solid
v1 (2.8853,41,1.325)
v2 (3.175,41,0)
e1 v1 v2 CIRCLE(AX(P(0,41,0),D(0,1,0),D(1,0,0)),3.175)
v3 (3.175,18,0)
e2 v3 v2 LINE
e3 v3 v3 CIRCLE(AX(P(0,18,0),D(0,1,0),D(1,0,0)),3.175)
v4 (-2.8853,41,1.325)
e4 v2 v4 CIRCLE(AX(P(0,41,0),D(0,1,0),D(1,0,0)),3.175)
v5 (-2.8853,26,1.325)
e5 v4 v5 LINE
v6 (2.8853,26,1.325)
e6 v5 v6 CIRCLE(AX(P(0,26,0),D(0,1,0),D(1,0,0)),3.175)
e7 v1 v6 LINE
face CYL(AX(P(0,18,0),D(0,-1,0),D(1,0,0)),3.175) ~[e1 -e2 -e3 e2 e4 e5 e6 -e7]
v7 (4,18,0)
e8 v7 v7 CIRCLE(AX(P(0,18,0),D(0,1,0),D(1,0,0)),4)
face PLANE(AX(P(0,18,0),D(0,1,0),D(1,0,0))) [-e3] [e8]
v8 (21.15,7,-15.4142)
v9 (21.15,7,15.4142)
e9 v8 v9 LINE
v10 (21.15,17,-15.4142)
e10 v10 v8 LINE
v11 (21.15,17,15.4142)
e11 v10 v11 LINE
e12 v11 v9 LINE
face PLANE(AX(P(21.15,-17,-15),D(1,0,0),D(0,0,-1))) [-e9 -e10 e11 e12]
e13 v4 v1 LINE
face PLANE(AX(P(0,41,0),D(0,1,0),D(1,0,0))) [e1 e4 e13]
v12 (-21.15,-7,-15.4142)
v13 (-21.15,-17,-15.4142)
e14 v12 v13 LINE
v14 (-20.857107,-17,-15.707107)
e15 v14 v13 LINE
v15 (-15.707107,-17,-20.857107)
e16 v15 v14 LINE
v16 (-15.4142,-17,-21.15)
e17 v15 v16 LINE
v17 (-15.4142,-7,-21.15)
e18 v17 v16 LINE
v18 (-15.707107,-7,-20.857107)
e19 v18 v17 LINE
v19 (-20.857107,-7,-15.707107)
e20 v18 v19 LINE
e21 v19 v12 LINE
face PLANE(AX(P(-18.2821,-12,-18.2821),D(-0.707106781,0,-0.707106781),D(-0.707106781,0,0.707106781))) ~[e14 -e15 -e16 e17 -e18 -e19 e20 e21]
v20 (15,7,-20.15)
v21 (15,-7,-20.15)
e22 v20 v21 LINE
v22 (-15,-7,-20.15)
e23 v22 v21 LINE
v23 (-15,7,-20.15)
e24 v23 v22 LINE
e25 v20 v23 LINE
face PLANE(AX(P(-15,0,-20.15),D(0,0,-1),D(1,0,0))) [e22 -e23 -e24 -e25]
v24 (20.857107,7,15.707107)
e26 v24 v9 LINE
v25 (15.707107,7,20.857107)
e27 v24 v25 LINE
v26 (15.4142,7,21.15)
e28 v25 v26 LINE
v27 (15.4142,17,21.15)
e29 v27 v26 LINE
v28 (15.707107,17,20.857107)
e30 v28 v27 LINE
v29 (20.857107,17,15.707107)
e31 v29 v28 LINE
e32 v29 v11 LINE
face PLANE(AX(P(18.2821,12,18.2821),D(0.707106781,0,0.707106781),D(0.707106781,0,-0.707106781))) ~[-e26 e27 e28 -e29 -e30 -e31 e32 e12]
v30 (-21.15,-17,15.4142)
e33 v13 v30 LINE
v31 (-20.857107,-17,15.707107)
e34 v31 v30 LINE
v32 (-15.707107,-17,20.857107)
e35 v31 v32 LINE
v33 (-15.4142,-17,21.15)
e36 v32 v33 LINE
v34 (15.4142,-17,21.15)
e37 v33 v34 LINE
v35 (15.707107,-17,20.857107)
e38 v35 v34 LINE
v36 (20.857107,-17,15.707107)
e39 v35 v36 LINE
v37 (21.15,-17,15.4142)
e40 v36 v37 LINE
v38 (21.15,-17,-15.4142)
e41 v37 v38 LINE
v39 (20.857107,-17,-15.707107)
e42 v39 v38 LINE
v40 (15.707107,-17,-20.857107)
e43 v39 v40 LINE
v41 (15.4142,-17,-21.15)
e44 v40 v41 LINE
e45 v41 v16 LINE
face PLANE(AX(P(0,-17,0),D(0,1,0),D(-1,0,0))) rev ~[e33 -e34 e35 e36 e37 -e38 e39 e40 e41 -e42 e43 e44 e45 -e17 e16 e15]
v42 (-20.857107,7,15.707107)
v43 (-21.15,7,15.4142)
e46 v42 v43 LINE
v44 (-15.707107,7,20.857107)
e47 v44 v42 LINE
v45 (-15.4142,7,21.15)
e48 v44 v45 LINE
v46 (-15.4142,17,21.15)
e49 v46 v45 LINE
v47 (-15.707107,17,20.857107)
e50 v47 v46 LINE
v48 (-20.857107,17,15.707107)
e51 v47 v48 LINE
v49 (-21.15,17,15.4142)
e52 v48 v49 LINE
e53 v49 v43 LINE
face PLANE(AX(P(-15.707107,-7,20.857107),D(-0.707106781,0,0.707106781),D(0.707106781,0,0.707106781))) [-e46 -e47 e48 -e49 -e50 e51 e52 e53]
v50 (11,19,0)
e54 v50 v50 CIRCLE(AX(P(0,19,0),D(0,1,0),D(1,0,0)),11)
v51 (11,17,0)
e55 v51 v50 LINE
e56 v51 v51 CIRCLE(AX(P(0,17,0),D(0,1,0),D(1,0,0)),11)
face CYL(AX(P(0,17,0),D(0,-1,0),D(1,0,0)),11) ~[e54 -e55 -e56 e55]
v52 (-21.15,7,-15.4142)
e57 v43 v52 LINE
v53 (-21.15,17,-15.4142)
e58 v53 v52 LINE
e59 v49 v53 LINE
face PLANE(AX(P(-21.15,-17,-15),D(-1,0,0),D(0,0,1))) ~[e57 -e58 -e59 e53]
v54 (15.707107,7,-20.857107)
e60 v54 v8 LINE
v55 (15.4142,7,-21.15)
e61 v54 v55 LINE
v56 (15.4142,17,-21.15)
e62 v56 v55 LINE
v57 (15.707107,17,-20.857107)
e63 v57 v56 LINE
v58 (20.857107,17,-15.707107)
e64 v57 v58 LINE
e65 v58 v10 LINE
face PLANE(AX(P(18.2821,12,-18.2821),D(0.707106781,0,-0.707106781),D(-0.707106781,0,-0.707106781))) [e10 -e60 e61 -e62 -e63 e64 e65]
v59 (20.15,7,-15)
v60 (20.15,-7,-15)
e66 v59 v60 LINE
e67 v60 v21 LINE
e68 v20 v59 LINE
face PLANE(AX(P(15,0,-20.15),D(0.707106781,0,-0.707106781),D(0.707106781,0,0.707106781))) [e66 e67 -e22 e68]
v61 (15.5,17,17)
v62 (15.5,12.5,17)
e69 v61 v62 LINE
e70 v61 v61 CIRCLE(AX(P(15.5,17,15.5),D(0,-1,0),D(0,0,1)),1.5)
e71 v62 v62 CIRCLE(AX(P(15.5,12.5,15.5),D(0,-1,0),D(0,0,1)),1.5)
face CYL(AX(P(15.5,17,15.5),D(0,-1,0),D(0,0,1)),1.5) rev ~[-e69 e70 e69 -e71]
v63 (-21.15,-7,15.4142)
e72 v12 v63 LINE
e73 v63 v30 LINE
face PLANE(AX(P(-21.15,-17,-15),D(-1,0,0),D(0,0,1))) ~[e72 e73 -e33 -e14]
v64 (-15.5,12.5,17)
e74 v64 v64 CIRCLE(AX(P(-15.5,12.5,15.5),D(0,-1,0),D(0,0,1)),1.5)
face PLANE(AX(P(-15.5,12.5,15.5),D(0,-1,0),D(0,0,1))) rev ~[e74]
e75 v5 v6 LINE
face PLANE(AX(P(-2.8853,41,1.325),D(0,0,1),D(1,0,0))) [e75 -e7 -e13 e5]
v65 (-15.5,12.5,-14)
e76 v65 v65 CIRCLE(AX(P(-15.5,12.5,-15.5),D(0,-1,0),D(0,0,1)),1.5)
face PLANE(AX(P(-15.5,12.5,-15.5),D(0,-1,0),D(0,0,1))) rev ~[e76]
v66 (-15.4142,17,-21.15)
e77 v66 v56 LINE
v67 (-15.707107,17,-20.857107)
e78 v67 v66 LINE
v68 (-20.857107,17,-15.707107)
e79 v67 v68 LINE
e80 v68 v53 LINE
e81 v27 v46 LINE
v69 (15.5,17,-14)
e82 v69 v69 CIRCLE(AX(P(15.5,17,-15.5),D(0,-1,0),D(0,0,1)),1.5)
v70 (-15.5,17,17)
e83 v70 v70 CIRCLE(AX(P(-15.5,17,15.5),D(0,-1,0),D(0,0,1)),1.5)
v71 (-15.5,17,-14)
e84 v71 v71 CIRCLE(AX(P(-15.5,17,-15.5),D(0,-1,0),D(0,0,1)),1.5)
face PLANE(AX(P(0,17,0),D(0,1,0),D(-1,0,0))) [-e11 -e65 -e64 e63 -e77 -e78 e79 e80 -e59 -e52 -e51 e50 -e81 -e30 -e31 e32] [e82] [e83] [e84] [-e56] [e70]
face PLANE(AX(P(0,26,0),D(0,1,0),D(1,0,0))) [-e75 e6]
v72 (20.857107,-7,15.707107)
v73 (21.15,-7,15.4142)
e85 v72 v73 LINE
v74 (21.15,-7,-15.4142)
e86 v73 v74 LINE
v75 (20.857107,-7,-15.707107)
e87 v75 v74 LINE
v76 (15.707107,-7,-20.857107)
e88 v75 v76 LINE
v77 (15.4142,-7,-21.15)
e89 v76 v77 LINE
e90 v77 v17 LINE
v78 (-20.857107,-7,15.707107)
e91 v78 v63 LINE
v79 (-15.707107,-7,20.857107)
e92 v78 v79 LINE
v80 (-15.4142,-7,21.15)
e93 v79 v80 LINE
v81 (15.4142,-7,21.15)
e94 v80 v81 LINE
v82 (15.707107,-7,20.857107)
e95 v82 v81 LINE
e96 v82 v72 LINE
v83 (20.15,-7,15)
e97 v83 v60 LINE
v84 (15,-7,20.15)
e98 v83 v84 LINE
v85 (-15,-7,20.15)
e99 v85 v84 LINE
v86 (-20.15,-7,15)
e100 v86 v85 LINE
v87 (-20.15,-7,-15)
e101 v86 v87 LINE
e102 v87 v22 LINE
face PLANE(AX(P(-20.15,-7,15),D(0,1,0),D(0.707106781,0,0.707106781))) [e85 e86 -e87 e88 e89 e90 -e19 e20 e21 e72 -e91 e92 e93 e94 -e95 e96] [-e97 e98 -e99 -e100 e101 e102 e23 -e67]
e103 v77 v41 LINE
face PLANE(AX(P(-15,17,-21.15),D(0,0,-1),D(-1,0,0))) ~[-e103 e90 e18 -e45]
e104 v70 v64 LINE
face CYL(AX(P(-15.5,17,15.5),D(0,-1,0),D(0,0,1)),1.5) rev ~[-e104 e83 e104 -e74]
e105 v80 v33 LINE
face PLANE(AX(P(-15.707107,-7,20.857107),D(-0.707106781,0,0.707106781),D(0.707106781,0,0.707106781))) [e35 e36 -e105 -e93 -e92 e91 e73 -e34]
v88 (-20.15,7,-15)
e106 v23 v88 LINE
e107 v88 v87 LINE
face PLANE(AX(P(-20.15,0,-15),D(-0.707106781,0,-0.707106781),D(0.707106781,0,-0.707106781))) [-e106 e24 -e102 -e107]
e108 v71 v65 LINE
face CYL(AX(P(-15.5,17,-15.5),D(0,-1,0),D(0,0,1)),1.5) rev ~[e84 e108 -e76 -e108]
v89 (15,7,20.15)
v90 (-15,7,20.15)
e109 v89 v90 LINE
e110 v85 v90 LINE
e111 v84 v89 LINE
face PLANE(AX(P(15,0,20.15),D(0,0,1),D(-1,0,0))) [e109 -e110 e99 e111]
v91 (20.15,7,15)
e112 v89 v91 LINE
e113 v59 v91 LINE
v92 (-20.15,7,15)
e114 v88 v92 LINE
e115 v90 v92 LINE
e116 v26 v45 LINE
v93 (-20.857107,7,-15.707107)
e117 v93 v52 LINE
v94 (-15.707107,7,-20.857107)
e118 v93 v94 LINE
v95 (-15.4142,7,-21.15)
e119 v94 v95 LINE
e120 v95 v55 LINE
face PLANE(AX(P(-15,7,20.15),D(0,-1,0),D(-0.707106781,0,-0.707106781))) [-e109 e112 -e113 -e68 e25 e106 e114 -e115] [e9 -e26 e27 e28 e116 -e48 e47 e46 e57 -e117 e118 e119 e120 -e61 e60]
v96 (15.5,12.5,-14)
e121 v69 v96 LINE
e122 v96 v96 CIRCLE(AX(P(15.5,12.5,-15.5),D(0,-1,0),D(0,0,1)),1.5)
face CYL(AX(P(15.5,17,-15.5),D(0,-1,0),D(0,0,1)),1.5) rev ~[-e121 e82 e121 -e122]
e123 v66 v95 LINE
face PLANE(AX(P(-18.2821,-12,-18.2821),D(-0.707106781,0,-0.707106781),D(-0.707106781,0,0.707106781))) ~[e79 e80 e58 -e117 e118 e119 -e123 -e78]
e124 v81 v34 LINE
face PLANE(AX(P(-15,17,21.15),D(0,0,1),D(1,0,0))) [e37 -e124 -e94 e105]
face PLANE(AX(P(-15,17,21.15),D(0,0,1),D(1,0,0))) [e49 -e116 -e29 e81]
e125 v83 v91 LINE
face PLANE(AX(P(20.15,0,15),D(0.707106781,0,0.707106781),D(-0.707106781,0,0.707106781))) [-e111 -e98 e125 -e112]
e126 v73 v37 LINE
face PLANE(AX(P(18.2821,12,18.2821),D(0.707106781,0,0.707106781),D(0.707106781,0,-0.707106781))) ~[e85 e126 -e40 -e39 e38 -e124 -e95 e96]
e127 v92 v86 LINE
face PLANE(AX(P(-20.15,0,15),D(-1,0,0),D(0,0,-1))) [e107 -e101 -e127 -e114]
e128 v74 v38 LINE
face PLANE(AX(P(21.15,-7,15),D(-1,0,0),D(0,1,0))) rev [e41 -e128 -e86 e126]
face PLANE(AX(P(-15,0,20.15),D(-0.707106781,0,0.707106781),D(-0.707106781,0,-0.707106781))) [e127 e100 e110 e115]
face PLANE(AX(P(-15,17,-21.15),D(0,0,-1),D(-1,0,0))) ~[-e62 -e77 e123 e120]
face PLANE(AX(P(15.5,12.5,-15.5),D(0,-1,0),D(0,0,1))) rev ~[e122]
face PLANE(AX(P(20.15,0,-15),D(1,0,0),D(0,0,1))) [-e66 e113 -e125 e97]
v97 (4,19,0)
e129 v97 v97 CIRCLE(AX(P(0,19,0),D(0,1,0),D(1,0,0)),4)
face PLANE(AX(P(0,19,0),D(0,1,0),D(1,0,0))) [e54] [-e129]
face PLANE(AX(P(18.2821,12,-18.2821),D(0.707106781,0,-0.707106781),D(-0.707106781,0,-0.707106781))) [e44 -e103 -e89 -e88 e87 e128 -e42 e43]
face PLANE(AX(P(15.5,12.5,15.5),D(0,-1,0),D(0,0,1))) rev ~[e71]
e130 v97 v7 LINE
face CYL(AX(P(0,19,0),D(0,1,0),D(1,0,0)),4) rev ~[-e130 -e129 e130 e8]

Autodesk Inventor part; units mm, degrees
ref_plane "YZ Plane" through (0, 0, 0) normal (1, 0, 0) x (0, 1, 0)
ref_plane "XZ Plane" through (0, 0, 0) normal (0, 1, 0) x (-1, 0, 0)
ref_plane "XY Plane" through (0, 0, 0) normal (0, 0, 1) x (1, 0, 0)
sketch "Sketch2" plane through (0, 0, 0) normal (0, 1, 0) x (-1, 0, 0)
  line L0 (15, 20.15) -> (20.15, 15)
  line L1 (20.15, 15) -> (20.15, -15)
  line L2 (20.15, -15) -> (15, -20.15)
  line L3 (15, -20.15) -> (-15, -20.15)
  line L4 (-15, -20.15) -> (-20.15, -15)
  line L5 (-20.15, -15) -> (-20.15, 15)
  line L6 (-20.15, 15) -> (-15, 20.15)
  line L7 (-15, 20.15) -> (15, 20.15)
  point P0 (0, 0)
  point P1 (20.15, 0)
  point P2 (0, -20.15)
  dimension "d2" = 30
  dimension "d3" = 40.3
  dimension "d4" = 135
extrude "Extrusion1" add sketch "Sketch2" along normal mid plane 34
sketch "Sketch7" plane through (0, 17, 0) normal (0, 1, 0) x (1, 0, 0)
  circle A0 centre (0, 0) radius 11
  dimension "d27" = 22
extrude "Extrusion3" add sketch "Sketch7" along normal blind 2
sketch "Sketch8" plane through (0, 19, 0) normal (0, 1, 0) x (1, 0, 0)
  circle A0 centre (0, 0) radius 4
  dimension "d30" = 8
extrude "Extrusion4" cut sketch "Sketch8" against normal blind 1
sketch "Sketch9" plane through (0, 18, 0) normal (0, 1, 0) x (1, 0, 0)
  circle A0 centre (0, 0) radius 3.175
  dimension "d33" = 6.35
extrude "Extrusion5" add sketch "Sketch9" along normal blind 23
sketch "Sketch10" plane through (-15, 17, 20.15) normal (0, 0, 1) x (1, 0, 0)
  line L0 (30, 0) -> (30, -34) projected
  line L1 (0, 0) -> (30, 0) projected
  line L2 (0, -34) -> (0, 0) projected
  line L3 (30, -34) -> (0, -34) projected
  line L4 (0, 0) -> (30, 0)
  line L5 (30, 0) -> (30, -10)
  line L6 (30, -10) -> (0, -10)
  line L7 (0, -10) -> (0, 0)
  line L8 (0, 0) -> (30, -10) construction
  line L9 (30, 0) -> (0, -10) construction
  line L10 (0, -24) -> (30, -24)
  line L11 (30, -24) -> (30, -34)
  line L12 (30, -34) -> (0, -34)
  line L13 (0, -34) -> (0, -24)
  line L14 (0, -24) -> (30, -34) construction
  line L15 (30, -24) -> (0, -34) construction
  line L16 (0, 0) -> (30, 0) projected
  point P0 (15, -17)
  point P1 (15, -5)
  point P2 (15, -29)
  dimension "d36" = 10
  dimension "d37" = 10
extrude "Extrusion6" add sketch "Sketch10" along normal blind 1 contours L0 L6 L2 L1 | L0 L3 L2 L10
mirror "Mirror1" about plane through (0, 0, 0) normal (0, 0, 1) of "Extrusion6"
sketch "Sketch11" plane through (20.15, -17, -15) normal (1, 0, 0) x (0, 0, -1)
  line L0 (0, 34) -> (0, 0) projected
  line L1 (-30, 34) -> (0, 34) projected
  line L2 (-30, 34) -> (-30, 0) projected
  line L3 (0, 0) -> (-30, 0) projected
  line L4 (-30, 34) -> (0, 34)
  line L5 (0, 34) -> (0, 24)
  line L6 (0, 24) -> (-30, 24)
  line L7 (-30, 24) -> (-30, 34)
  line L8 (-30, 34) -> (0, 24) construction
  line L9 (0, 34) -> (-30, 24) construction
  line L10 (-30, 10) -> (0, 10)
  line L11 (0, 10) -> (0, 0)
  line L12 (0, 0) -> (-30, 0)
  line L13 (-30, 0) -> (-30, 10)
  line L14 (-30, 10) -> (0, 0) construction
  line L15 (0, 10) -> (-30, 0) construction
  line L16 (-30, 34) -> (0, 34) projected
  point P0 (-15, 17)
  point P1 (-15, 29)
  point P2 (-15, 5)
  dimension "d40" = 10
extrude "Extrusion7" add sketch "Sketch11" along normal blind 1 contours L0 L6 L2 L1 | L0 L3 L2 L10
mirror "Mirror2" about plane through (0, 0, 0) normal (1, 0, 0) of "Extrusion7"
sketch "Sketch12" plane through (-15, -7, 20.15) normal (-0.7071, 0, 0.7071) x (0.7071, 0, 0.7071)
  line L0 (0, -10) -> (0, 0) projected
  line L1 (0, 0) -> (0, 14) projected
  line L2 (0, 14) -> (0, 24) projected
  line L3 (-7.2832, 24) -> (0, 24) projected
  line L4 (-7.2832, 24) -> (-7.2832, 14) projected
  line L5 (-7.2832, 14) -> (-7.2832, 0) projected
  line L6 (-7.2832, 0) -> (-7.2832, -10) projected
  line L7 (0, -10) -> (-7.2832, -10) projected
  line L8 (-7.2832, 24) -> (0, 24)
  line L9 (0, 24) -> (0, 14)
  line L10 (0, 14) -> (-7.2832, 14)
  line L11 (-7.2832, 14) -> (-7.2832, 24)
  line L12 (-7.2832, 24) -> (0, 14) construction
  line L13 (0, 24) -> (-7.2832, 14) construction
  line L14 (-7.2832, 0) -> (0, 0)
  line L15 (0, 0) -> (0, -10)
  line L16 (0, -10) -> (-7.2832, -10)
  line L17 (-7.2832, -10) -> (-7.2832, 0)
  line L18 (-7.2832, 0) -> (0, -10) construction
  line L19 (0, 0) -> (-7.2832, -10) construction
  line L20 (-7.2832, 24) -> (0, 24) projected
  line L21 (0, -10) -> (-7.2832, -10) projected
  point P0 (-3.6416, 7)
  point P1 (-3.6416, 19)
  point P2 (-3.6416, -5)
  dimension "d43" = 10
  dimension "d44" = 10
extrude "Extrusion8" add sketch "Sketch12" along normal blind 1 contours L7 L6 L14 L0 | L10 L4 L3 L2
sketch "Sketch14" plane through (-15, 7, 21.15) normal (-1, 0, 0) x (0, 0, 1)
  line L0 (-1, 0) -> (-1, 10) projected
  line L1 (-1, 0) -> (0, 0) projected
  line L2 (0, 10) -> (0, 0) projected
  line L3 (-1, 10) -> (0, 10) projected
  line L4 (-1, -24) -> (-1, -14) projected
  line L5 (-1, -24) -> (0, -24) projected
  line L6 (0, -14) -> (0, -24) projected
  line L7 (-1, -14) -> (0, -14) projected
  point P0 (-21.15, -7)
extrude "Extrusion9" add sketch "Sketch14" along normal up to surface surface through (-18.2821, 12, 18.2821) normal (-0.7071, 0, 0.7071)
sketch "Sketch15" plane through (-21.15, 7, 15) normal (0, 0, 1) x (1, 0, 0)
  line L0 (1, 10) -> (1, 0) projected
  line L1 (1, 10) -> (0, 10) projected
  line L2 (0, 10) -> (0, 0) projected
  line L3 (1, 0) -> (0, 0) projected
  line L4 (1, -14) -> (1, -24) projected
  line L5 (1, -14) -> (0, -14) projected
  line L6 (0, -14) -> (0, -24) projected
  line L7 (1, -24) -> (0, -24) projected
  point P0 (21.15, -7)
extrude "Extrusion10" add sketch "Sketch15" along normal up to surface surface through (-18.2821, -12, 18.2821) normal (-0.7071, 0, 0.7071)
mirror "Mirror3" about plane through (0, 0, 0) normal (1, 0, 0) of "Extrusion8", "Extrusion9", "Extrusion10"
mirror "Mirror4" about plane through (0, 0, 0) normal (0, 0, 1) of "Extrusion8", "Extrusion9", "Extrusion10", "Mirror3"
sketch "Sketch17" plane through (0, 17, 0) normal (0, 1, 0) x (1, 0, 0)
  line L0 (-21.15, -15.4142) -> (-15.4142, -21.15) projected
  line L1 (-15.4142, -21.15) -> (15.4142, -21.15) projected
  line L2 (21.15, -15.4142) -> (15.4142, -21.15) projected
  line L3 (21.15, -15.4142) -> (21.15, 15.4142) projected
  line L4 (21.15, 15.4142) -> (15.4142, 21.15) projected
  line L5 (15.4142, 21.15) -> (-15.4142, 21.15) projected
  line L6 (-21.15, 15.4142) -> (-15.4142, 21.15) projected
  line L7 (-21.15, 15.4142) -> (-21.15, -15.4142) projected
  circle A0 centre (0, 0) radius 11 projected
  circle A1 centre (-15.5, -15.5) radius 1.5
  circle A2 centre (-15.5, 15.5) radius 1.5
  circle A3 centre (15.5, 15.5) radius 1.5
  circle A4 centre (15.5, -15.5) radius 1.5
  dimension "d53" = 3
  dimension "d54" = 31
  dimension "d55" = 31
  dimension "d57" = 15.5
  dimension "d66" = 15.5
hole "Hole3" at (-15.5, 17, 15.5) at (-15.5, 17, -15.5) at (15.5, 17, -15.5) at (15.5, 17, 15.5) direction (0, -1, 0) diameter 3 depth 4.5
sketch "Sketch19" plane through (0, 41, 0) normal (0, 1, 0) x (1, 0, 0)
  circle A0 centre (0, 0) radius 3.175 projected
  circle A1 centre (0, 0) radius 3.175 projected
  line L0 (-2.8853, -1.325) -> (2.8853, -1.325)
  dimension "d69" = 4.5
extrude "Extrusion12" cut sketch "Sketch19" against normal blind 15 contours L0 A0 picked at (0, -1.9417)
ref_plane "Work Plane1" through (0, 0, 0) normal (1, 0, 0) x (0, 1, 0)
ref_plane "Work Plane2" through (0, 0, 0) normal (-1, 0, 0) x (0, 1, 0)
ref_plane "Work Plane3" through (0, 0, 0) normal (-1, 0, 0) x (0, 1, 0)
properties part number "Motor_paso"
